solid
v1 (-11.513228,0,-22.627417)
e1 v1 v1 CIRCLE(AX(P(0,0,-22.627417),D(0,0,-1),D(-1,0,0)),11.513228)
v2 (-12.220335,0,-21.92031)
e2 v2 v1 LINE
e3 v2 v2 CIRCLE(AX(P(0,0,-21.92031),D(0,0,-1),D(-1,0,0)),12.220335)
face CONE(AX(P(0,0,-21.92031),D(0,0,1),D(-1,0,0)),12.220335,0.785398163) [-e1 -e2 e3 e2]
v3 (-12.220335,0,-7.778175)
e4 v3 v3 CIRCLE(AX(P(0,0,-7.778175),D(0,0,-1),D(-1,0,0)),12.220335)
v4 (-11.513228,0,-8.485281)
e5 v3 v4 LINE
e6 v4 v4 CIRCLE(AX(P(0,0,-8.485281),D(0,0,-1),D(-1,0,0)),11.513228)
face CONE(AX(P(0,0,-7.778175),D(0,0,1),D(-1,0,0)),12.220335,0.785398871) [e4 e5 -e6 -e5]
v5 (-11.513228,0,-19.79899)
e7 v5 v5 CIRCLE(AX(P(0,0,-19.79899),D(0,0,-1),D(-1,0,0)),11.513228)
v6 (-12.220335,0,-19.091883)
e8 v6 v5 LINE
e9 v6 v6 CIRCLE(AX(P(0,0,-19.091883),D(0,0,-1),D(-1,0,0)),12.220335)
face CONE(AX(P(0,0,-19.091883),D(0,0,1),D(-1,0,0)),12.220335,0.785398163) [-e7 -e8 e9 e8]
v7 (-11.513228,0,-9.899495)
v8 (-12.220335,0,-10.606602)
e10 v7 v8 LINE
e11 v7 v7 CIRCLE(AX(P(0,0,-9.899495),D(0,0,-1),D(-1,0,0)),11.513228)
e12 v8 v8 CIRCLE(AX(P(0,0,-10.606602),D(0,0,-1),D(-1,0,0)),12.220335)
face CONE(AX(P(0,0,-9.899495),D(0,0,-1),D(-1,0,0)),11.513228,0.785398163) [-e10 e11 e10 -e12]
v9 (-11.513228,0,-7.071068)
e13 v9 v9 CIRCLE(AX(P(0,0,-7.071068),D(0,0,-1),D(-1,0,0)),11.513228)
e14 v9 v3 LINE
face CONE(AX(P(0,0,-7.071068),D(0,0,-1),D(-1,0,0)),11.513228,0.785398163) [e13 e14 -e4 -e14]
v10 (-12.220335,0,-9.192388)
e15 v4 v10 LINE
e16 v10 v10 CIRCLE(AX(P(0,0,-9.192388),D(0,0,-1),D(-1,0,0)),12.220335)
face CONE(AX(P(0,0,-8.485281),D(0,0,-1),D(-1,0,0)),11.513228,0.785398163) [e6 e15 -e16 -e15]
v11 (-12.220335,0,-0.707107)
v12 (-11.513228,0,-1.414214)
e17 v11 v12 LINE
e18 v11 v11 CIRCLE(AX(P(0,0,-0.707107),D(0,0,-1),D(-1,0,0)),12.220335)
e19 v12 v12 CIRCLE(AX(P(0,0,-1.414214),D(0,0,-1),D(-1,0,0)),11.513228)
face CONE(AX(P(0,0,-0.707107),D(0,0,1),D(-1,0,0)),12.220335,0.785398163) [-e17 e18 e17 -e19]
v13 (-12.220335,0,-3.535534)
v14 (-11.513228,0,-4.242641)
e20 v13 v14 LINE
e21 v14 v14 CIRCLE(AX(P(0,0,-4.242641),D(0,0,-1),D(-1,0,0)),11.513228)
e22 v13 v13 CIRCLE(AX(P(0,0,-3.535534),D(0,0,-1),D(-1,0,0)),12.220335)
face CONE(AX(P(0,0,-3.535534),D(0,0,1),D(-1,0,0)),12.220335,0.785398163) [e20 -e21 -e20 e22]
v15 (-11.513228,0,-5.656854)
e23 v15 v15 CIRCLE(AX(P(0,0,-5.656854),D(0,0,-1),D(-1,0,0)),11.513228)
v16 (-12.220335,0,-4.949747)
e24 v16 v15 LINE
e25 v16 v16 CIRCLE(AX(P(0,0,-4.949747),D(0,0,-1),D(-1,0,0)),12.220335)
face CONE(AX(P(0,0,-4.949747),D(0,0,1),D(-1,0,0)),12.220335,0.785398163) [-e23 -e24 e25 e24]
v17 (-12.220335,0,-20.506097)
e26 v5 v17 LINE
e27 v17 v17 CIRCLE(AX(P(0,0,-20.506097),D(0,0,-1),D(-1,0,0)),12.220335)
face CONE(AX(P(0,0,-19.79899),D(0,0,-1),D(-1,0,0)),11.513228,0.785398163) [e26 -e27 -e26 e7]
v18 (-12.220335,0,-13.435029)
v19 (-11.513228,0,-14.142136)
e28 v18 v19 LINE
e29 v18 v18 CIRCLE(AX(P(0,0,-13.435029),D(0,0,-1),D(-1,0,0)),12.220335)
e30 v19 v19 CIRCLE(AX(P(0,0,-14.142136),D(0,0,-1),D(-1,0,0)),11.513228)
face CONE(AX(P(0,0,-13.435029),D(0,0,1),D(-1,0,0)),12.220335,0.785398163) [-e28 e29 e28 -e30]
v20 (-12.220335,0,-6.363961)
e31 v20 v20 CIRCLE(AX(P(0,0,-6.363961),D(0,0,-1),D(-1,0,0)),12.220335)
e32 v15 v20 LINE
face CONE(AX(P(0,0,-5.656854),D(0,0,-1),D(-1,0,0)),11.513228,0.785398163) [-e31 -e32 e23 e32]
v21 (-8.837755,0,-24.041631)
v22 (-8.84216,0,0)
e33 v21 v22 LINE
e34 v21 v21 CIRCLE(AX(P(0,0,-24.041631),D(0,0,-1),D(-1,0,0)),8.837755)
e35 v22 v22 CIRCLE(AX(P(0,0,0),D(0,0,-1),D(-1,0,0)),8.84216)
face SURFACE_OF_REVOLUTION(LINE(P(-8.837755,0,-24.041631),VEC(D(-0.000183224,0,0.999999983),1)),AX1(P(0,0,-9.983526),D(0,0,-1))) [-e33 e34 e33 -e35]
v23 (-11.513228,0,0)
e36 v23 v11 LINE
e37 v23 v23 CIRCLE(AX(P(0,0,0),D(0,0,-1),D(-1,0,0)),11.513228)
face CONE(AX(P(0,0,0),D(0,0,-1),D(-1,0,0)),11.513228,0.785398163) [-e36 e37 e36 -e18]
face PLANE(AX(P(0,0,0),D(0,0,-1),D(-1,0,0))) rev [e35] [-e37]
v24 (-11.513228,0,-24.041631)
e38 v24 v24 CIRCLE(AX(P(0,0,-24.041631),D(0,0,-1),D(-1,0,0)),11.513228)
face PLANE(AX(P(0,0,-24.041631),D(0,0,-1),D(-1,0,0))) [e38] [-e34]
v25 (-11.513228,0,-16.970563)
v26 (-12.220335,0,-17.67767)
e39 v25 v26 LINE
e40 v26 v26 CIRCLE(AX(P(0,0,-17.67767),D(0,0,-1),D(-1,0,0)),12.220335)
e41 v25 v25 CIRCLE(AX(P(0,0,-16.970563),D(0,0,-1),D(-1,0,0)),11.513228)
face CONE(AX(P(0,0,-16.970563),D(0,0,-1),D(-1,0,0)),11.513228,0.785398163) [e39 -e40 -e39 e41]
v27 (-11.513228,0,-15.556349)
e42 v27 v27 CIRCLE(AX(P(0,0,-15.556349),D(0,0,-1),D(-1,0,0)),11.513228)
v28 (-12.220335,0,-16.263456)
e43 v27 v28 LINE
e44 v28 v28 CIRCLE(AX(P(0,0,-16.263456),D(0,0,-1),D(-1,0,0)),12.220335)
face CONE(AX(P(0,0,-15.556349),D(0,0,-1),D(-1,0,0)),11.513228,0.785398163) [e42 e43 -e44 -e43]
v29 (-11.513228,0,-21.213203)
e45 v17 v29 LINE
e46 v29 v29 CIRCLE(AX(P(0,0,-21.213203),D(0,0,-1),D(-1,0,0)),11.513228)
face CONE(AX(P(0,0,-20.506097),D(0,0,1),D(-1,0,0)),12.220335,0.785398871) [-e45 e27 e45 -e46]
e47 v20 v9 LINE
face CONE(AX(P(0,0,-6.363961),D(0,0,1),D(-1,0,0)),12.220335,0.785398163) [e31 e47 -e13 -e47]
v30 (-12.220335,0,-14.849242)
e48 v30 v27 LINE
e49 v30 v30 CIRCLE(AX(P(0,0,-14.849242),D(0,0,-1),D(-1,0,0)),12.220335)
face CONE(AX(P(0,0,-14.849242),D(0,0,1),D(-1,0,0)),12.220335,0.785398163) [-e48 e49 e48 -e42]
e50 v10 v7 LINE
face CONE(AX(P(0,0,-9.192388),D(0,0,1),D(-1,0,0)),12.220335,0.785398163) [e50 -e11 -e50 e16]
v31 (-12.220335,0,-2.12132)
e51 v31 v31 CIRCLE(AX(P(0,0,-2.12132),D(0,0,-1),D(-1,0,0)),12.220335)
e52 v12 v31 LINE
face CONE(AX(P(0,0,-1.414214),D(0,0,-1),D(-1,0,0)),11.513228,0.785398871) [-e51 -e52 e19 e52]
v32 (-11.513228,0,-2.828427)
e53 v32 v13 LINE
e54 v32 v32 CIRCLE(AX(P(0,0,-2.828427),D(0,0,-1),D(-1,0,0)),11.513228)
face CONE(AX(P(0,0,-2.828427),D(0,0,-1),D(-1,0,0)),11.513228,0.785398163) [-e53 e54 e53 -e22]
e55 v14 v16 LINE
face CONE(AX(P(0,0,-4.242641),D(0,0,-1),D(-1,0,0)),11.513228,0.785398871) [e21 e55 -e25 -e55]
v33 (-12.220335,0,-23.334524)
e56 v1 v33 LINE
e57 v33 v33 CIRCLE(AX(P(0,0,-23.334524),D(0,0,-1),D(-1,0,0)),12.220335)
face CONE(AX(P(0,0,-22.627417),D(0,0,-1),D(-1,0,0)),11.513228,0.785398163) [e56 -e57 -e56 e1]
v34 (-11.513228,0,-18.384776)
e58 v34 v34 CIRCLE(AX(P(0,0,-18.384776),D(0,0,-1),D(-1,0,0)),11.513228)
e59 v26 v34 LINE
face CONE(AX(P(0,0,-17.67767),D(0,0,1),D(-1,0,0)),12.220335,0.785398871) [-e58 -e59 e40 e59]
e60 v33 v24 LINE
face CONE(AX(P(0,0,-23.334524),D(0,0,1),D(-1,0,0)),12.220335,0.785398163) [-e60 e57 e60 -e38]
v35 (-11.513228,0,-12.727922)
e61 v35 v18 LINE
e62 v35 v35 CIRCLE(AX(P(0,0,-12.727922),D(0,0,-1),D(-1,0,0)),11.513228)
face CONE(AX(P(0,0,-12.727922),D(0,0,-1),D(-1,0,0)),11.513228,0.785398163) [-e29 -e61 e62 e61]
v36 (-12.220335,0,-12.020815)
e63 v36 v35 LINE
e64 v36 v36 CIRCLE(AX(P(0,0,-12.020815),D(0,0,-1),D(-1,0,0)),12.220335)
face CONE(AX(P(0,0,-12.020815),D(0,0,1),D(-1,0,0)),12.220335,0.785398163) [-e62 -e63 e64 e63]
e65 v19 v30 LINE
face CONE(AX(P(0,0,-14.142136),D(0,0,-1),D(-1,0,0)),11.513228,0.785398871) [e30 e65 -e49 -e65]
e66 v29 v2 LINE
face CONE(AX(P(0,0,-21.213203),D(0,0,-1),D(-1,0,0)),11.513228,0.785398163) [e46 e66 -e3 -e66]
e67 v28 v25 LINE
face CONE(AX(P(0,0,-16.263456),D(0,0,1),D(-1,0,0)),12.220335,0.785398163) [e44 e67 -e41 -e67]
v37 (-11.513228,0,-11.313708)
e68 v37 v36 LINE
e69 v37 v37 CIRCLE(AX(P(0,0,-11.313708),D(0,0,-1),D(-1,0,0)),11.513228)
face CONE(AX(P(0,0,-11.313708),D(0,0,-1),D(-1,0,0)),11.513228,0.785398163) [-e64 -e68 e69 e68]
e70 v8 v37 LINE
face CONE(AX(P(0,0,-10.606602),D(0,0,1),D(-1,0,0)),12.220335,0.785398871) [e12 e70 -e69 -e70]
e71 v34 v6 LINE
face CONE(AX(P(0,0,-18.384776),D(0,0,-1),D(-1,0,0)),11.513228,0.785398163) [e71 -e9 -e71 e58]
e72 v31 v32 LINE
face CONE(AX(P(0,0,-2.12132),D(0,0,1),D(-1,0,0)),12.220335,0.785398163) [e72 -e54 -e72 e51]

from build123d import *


with BuildPart() as f1:
    # F0 (on Front) → F1 (revolve)
    with BuildSketch(Plane.XZ):
        Polygon((-8.837755, -24.041631), (-8.84216, 0), (-11.513228, 0), (-12.220335, -0.707107), (-11.513228, -1.414214), (-12.220335, -2.12132), (-11.513228, -2.828427), (-12.220335, -3.535534), (-11.513228, -4.242641), (-12.220335, -4.949747), (-11.513228, -5.656854), (-12.220335, -6.363961), (-11.513228, -7.071068), (-12.220335, -7.778175), (-11.513228, -8.485281), (-12.220335, -9.192388), (-11.513228, -9.899495), (-12.220335, -10.606602), (-11.513228, -11.313708), (-12.220335, -12.020815), (-11.513228, -12.727922), (-12.220335, -13.435029), (-11.513228, -14.142136), (-12.220335, -14.849242), (-11.513228, -15.556349), (-12.220335, -16.263456), (-11.513228, -16.970563), (-12.220335, -17.67767), (-11.513228, -18.384776), (-12.220335, -19.091883), (-11.513228, -19.79899), (-12.220335, -20.506097), (-11.513228, -21.213203), (-12.220335, -21.92031), (-11.513228, -22.627417), (-12.220335, -23.334524), (-11.513228, -24.041631), align=None)
    revolve(axis=Axis((0, 0, -9.983526), (0, 0, -1)))


solid = f1.part
